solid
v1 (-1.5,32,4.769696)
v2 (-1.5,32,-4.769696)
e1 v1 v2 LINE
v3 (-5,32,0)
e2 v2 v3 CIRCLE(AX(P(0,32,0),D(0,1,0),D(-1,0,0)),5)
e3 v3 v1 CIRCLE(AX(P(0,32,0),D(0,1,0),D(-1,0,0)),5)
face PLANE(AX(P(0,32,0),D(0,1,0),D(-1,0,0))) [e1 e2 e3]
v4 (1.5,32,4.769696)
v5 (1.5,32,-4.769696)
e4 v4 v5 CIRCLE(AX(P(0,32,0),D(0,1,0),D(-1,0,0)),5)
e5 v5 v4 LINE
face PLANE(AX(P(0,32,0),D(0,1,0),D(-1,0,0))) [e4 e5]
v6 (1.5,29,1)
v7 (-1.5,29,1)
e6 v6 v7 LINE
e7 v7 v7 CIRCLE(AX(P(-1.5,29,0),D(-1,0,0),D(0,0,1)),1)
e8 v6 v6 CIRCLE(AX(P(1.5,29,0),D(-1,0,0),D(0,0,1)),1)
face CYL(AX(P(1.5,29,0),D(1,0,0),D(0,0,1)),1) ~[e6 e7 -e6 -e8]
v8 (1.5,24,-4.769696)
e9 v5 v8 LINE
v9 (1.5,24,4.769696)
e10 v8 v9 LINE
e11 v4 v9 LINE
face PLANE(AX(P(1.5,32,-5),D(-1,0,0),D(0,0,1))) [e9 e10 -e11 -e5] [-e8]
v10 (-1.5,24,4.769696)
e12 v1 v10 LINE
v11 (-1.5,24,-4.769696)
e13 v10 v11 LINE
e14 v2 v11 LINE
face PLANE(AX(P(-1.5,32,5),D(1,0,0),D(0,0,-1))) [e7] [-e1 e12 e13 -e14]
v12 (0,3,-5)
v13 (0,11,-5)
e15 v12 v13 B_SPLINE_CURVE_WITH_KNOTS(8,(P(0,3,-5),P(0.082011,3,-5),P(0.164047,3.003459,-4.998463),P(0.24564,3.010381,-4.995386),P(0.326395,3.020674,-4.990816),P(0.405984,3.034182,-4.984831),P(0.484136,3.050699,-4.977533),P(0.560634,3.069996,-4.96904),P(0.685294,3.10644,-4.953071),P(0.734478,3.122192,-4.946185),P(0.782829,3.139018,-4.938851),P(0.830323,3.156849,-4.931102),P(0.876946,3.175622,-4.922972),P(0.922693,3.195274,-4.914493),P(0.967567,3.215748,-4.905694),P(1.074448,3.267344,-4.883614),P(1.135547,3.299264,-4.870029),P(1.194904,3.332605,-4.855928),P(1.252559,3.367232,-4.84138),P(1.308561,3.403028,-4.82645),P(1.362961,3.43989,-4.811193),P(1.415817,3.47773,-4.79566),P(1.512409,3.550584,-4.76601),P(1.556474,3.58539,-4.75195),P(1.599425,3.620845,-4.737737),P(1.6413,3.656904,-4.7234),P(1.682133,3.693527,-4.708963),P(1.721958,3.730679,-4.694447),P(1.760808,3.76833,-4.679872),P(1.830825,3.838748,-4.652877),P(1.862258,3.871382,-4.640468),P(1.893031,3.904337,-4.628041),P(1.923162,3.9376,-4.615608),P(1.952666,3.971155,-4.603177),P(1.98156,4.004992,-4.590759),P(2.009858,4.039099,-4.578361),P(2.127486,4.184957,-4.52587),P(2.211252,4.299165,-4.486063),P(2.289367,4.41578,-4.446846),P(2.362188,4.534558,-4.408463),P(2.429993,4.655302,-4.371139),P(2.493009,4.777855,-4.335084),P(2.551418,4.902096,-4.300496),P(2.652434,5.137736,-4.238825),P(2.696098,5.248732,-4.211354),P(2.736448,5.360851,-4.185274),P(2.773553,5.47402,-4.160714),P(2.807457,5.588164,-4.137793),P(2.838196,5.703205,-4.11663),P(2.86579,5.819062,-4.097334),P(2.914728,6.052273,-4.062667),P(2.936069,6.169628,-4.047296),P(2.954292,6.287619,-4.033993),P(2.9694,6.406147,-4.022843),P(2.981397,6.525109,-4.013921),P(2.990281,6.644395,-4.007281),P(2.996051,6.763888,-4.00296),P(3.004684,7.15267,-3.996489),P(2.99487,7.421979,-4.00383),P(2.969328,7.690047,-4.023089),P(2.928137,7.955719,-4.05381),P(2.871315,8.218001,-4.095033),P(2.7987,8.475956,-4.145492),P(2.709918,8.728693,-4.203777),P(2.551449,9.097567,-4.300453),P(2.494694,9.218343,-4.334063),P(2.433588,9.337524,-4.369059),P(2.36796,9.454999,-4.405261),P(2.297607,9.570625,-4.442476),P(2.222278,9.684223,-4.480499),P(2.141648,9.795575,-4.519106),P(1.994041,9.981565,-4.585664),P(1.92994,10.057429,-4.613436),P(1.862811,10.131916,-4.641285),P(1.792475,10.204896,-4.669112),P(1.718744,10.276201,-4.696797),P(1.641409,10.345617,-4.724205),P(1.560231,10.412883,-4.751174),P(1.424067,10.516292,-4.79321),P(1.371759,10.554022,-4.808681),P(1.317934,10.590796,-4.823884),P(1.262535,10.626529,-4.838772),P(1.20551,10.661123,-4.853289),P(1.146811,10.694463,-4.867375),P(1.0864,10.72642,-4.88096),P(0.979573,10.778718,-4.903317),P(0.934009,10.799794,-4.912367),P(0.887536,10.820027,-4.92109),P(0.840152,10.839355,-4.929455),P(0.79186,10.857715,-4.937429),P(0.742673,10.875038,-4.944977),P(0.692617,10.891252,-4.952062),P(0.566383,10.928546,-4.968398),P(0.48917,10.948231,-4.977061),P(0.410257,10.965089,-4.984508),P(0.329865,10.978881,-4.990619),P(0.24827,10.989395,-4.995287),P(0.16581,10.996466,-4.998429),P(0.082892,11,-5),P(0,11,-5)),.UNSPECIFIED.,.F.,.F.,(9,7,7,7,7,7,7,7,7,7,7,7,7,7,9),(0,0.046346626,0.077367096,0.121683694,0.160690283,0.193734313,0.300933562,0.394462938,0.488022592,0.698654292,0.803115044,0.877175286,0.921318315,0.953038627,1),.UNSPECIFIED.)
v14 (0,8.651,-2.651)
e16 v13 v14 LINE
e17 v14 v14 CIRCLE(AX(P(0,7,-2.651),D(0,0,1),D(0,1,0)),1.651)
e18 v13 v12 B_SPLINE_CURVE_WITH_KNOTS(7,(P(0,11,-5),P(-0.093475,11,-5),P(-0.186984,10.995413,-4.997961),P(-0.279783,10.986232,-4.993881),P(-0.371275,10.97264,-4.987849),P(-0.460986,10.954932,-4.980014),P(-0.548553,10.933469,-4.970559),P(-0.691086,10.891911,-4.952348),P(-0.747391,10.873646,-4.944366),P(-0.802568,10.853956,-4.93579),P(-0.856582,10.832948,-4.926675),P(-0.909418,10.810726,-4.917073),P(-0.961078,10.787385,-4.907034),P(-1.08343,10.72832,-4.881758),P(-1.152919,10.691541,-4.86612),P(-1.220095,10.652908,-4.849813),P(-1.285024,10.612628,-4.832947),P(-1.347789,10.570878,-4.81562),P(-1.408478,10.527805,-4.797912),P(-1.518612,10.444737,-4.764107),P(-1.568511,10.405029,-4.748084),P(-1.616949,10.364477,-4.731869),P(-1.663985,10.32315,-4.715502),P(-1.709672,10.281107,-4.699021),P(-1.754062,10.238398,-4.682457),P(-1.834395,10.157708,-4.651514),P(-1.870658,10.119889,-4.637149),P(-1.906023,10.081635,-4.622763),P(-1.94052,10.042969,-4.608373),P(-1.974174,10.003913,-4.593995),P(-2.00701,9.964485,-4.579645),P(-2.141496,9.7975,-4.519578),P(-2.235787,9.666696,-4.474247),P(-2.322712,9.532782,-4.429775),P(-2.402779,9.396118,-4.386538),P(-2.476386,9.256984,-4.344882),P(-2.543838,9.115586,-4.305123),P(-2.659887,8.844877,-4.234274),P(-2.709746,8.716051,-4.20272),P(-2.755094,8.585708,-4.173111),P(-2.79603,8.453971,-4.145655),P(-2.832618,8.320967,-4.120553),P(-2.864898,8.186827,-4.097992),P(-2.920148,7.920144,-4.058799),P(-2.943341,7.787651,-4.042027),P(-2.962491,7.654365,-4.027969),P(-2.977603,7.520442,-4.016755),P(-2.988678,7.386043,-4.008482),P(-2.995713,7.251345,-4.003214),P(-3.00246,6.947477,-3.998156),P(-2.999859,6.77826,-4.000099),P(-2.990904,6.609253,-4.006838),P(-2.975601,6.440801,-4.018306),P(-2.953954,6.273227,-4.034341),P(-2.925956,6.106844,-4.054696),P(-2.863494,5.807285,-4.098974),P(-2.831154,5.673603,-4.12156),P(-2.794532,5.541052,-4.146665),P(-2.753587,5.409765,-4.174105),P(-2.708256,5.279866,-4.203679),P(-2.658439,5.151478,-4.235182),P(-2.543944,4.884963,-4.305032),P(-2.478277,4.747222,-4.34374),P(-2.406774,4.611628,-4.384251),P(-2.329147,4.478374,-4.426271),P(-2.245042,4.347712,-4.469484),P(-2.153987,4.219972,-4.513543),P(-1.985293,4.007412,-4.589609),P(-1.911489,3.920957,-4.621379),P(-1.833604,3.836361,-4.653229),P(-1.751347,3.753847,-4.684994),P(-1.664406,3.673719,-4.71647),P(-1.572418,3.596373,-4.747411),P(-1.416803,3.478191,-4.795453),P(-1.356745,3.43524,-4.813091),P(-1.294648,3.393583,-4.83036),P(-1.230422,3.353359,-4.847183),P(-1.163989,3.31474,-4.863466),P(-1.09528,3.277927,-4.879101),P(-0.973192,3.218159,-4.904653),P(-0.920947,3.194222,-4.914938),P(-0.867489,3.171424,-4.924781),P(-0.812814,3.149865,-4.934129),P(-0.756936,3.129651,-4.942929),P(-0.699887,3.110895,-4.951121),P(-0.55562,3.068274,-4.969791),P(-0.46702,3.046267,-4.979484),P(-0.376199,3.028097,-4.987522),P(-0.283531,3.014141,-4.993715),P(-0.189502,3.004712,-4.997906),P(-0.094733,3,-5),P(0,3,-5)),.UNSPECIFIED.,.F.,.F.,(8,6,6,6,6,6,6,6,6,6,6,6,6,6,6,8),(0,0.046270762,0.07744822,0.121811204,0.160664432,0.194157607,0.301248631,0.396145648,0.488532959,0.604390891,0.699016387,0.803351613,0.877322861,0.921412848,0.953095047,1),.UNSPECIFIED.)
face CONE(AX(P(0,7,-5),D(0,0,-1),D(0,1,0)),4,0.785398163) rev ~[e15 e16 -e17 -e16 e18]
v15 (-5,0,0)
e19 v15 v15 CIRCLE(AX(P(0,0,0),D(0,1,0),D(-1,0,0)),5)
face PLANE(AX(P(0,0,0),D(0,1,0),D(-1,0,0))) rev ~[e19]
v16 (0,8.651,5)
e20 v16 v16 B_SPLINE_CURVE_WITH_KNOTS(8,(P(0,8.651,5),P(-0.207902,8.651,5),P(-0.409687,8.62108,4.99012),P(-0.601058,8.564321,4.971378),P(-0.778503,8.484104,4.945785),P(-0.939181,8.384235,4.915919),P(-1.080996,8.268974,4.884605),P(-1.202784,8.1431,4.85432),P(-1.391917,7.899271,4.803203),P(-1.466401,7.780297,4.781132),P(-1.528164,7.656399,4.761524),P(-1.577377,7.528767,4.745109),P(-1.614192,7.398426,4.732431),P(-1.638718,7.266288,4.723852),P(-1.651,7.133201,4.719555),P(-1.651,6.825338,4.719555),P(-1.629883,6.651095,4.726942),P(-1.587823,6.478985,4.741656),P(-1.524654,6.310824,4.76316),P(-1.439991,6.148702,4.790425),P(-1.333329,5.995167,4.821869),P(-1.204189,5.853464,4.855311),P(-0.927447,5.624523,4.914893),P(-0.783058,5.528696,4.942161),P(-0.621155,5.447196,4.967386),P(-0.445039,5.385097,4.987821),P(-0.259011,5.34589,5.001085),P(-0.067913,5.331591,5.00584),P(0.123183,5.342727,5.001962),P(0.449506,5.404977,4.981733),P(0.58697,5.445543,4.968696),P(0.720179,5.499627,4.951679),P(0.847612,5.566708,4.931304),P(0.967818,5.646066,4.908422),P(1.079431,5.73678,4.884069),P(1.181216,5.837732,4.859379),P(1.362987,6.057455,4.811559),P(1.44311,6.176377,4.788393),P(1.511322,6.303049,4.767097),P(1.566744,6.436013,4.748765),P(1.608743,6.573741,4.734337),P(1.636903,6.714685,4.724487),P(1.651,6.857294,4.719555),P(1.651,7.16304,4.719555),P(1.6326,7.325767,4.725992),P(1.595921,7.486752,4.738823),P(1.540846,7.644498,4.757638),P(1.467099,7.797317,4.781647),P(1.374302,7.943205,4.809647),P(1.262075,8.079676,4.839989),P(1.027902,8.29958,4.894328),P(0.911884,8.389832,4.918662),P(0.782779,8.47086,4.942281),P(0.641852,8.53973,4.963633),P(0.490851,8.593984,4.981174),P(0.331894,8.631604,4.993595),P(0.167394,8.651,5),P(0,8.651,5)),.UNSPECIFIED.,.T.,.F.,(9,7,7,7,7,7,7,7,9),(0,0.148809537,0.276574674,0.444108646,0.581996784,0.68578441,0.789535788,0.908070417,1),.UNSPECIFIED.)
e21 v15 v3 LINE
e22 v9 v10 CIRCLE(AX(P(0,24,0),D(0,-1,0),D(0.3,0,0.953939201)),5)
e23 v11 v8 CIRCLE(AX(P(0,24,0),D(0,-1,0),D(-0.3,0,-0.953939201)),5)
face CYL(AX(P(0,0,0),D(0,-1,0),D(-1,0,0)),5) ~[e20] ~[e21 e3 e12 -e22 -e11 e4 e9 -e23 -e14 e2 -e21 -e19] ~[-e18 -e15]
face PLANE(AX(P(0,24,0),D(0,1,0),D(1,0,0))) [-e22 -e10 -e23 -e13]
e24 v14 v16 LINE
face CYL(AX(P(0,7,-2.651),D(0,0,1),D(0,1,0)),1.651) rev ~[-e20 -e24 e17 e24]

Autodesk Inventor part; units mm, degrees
ref_plane "YZ Plane" through (0, 0, 0) normal (1, 0, 0) x (0, 1, 0)
ref_plane "XZ Plane" through (0, 0, 0) normal (0, 1, 0) x (-1, 0, 0)
sketch "Sketch1" plane through (0, 0, 0) normal (0, 1, 0) x (-1, 0, 0)
  circle A0 centre (0, 0) radius 5
  dimension "d0" = 10
extrude "Extrusion1" add sketch "Sketch1" along normal blind 32
sketch "Sketch2" plane through (0, 32, 0) normal (0, 1, 0) x (1, 0, 0)
  line L0 (-1.5, 5) -> (1.5, 5)
  line L1 (1.5, 5) -> (1.5, -5)
  line L2 (1.5, -5) -> (-1.5, -5)
  line L3 (-1.5, -5) -> (-1.5, 5)
  point P0 (0, 0)
  point P1 (-1.5, 0)
  point P2 (0, 5)
  dimension "d3" = 3
  dimension "d4" = 10
extrude "Extrusion2" cut sketch "Sketch2" against normal blind 8
sketch "Sketch3" plane through (1.5, 32, -4.7697) normal (-1, 0, 0) x (0, 0, 1)
  circle A0 centre (4.7697, -3) radius 1
  line L0 (9.5394, 0) -> (0, 0) projected
  point P0 (4.7697, -32)
  point P1 (4.7697, 0)
  dimension "d7" = 2
  dimension "d8" = 3
extrude "Extrusion3" add sketch "Sketch3" along normal blind 3
ref_plane "Work Plane1" through (0, 0, -5) normal (0, 0, 1) x (1, 0, 0)
sketch "Sketch5" plane through (0, 0, -5) normal (0, 0, 1) x (1, 0, 0)
  point P0 (0, 0)
  point P1 (0, 7)
  dimension "d14" = 7
hole "Hole1" at (0, 7, -5) direction (0, 0, 1) diameter 3.302 end through all countersink diameter 8 countersink angle 90 thread size "8-32 UNC" class "2B" standard "ANSI Unified Screw Threads"
equation "\"d20\" = Thickness"
equation "\"BendRadius\" = Thickness"
equation "\"BendReliefWidth\" = Thickness"
equation "\"BendReliefDepth\" = 0.5 * Thickness"
equation "\"CornerReliefSize\" = 4 * Thickness"
equation "\"MinimumRemnant\" = 2 * Thickness"
equation "\"TransitionRadius\" = BendRadius"
equation "\"JacobiRadiusSize\" = BendRadius"
equation "\"GapSize\" = Thickness"
equation "\"Thickness\" = 3.048"
properties part number "barrel_hinge-female" material "Stainless Steel"
